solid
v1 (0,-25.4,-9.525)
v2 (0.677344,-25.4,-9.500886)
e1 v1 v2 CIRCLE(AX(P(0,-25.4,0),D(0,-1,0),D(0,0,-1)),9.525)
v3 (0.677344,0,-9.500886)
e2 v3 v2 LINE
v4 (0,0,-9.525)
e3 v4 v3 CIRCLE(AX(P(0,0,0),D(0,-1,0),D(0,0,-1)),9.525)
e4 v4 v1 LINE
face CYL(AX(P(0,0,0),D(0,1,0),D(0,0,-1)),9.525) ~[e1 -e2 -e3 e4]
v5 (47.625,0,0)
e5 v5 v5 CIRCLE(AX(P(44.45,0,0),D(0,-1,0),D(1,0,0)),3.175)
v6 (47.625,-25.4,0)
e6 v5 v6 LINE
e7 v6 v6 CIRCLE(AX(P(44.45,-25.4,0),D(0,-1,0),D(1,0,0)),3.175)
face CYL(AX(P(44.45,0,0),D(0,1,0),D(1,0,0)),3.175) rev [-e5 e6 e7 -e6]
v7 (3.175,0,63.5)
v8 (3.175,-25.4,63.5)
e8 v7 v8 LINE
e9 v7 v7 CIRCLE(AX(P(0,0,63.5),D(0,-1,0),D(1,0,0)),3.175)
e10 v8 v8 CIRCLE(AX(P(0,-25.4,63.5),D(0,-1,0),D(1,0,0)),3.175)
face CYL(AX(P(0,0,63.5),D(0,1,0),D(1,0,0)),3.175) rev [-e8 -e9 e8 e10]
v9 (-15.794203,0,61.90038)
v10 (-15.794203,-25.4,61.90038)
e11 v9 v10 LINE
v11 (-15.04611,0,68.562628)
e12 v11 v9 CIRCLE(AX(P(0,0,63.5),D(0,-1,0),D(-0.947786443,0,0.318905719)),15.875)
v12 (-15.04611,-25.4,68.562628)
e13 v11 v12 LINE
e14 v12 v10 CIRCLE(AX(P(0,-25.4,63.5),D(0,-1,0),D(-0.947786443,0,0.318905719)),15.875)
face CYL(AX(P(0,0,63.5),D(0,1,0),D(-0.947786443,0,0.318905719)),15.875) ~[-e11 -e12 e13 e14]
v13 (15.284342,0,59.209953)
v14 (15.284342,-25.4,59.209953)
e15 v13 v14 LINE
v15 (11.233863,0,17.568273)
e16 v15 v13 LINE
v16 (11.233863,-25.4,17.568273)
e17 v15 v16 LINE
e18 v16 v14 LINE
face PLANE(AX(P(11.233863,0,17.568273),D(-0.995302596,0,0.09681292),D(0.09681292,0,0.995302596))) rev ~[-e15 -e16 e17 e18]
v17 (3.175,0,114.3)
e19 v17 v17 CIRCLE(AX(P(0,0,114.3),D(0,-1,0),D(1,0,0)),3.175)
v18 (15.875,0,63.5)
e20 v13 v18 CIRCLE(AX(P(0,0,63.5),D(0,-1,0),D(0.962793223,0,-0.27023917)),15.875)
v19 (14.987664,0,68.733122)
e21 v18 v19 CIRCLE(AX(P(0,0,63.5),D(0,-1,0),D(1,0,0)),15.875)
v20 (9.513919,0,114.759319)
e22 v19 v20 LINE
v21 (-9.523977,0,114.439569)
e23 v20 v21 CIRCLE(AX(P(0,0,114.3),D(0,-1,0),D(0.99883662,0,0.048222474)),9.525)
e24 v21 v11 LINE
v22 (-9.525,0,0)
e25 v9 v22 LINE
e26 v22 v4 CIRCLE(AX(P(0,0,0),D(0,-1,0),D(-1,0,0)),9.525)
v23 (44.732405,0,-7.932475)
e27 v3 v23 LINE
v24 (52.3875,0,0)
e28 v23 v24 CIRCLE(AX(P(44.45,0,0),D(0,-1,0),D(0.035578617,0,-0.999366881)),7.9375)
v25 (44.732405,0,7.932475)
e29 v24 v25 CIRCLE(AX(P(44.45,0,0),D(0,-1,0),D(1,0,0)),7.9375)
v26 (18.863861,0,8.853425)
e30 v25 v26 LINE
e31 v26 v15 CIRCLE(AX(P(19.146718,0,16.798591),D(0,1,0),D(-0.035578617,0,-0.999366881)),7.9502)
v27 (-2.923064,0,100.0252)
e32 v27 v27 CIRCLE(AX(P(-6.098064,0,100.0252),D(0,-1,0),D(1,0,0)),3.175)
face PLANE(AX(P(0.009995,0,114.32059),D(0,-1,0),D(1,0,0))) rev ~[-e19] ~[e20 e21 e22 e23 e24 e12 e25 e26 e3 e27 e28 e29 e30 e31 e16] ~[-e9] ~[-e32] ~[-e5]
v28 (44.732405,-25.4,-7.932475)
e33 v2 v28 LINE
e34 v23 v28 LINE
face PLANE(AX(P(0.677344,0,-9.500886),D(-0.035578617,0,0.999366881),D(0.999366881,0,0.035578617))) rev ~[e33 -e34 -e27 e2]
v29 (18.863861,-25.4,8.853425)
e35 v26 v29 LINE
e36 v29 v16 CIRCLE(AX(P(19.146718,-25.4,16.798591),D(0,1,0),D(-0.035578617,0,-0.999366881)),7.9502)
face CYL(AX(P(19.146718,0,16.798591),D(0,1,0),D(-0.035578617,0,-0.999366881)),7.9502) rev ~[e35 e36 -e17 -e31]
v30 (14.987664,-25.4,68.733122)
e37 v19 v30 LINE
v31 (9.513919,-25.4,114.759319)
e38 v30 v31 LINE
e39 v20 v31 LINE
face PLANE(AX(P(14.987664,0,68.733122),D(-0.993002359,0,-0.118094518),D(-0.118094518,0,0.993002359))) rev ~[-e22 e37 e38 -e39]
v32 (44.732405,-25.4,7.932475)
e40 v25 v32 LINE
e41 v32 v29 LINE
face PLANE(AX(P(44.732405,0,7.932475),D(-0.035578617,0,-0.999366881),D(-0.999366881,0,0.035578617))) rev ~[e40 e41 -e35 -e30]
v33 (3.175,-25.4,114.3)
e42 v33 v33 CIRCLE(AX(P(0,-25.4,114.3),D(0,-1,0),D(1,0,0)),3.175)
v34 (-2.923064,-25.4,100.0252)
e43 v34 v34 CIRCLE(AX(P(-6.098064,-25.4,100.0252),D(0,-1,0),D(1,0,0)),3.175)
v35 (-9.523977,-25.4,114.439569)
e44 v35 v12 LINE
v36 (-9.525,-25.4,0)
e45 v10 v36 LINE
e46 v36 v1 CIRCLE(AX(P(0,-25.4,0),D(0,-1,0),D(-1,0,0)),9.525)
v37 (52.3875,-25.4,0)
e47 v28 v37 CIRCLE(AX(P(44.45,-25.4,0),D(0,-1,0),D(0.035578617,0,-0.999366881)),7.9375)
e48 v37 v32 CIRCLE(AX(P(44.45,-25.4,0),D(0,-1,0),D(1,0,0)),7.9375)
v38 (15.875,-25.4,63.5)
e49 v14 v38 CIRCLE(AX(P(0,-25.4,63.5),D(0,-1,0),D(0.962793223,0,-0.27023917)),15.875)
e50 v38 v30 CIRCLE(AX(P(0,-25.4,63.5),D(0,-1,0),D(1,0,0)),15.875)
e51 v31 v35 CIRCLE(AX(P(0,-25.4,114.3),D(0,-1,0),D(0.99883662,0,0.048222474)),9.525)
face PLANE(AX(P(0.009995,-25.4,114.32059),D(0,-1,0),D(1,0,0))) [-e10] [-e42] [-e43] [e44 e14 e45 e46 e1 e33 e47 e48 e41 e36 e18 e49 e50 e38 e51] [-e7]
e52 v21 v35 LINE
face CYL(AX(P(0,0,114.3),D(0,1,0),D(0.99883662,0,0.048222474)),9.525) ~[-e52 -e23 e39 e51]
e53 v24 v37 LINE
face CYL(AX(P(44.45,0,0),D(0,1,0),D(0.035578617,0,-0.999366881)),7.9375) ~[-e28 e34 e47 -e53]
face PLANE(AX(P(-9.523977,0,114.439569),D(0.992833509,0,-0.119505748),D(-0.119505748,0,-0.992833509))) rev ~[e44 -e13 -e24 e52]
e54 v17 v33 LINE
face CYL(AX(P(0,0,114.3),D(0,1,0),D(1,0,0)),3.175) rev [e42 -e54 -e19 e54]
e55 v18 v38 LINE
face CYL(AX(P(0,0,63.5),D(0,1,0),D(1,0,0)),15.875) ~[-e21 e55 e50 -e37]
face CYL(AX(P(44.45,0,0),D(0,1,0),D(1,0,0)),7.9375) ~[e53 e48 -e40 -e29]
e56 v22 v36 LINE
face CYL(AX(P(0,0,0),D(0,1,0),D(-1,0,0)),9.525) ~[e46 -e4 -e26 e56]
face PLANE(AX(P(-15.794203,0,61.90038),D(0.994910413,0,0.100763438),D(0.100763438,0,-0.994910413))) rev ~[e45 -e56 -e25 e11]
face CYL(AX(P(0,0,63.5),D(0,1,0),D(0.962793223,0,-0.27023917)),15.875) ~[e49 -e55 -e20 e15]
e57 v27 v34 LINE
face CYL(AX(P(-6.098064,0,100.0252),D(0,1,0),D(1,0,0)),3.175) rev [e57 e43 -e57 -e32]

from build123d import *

# Parameters (mm, degrees)
F0_R     = 3.175
F1_DEPTH = 25.4


with BuildPart() as f1:
    # F0 (on Front) → F1 (new body)
    with BuildSketch(Plane.XZ):
        with BuildLine():
            ThreePointArc((-9.5239774035, 114.4395686855), (-0.0697862158, 104.7752556526), (9.525, 114.3))
            ThreePointArc((9.525, 114.3), (9.5222292979, 114.5297263555), (9.5139188035, 114.759319062))
            ThreePointArc((9.5139188035, 114.759319062), (-0.1599542737, 123.8236568413), (-9.5239774035, 114.4395686855))
        make_face()
        with Locations((0, 114.3)):
            Circle(F0_R, mode=Mode.SUBTRACT)
        with BuildLine():
            ThreePointArc((52.3875, 0), (50.1616327839, 5.5119104847), (44.7324052746, 7.9324746146))
            ThreePointArc((44.7324052746, 7.9324746146), (36.5125, 0), (44.7324052746, -7.9324746146))
            ThreePointArc((44.7324052746, -7.9324746146), (50.1616327839, -5.5119104847), (52.3875, 0))
        make_face()
        with Locations((44.45, 0)):
            Circle(F0_R, mode=Mode.SUBTRACT)
        with BuildLine():
            ThreePointArc((15.875, 63.5), (15.651593952, 66.1539087707), (14.9876637149, 68.7331215703))
            ThreePointArc((14.9876637149, 68.7331215703), (-0.0901164538, 79.3747442192), (-15.0461097884, 68.5626282933))
            ThreePointArc((-15.0461097884, 68.5626282933), (-15.7758551867, 65.2714452088), (-15.7942028036, 61.9003804205))
            ThreePointArc((-15.7942028036, 61.9003804205), (-1.3691563451, 47.6841523812), (15.2843424201, 59.2099531722))
            ThreePointArc((15.2843424201, 59.2099531722), (15.7266423772, 61.3347414611), (15.875, 63.5))
        make_face()
        with Locations((0, 63.5)):
            Circle(F0_R, mode=Mode.SUBTRACT)
        with BuildLine():
            ThreePointArc((15.2843424201, 59.2099531722), (-1.3691563451, 47.6841523812), (-15.7942028036, 61.9003804205))
            Line((-15.7942028036, 61.9003804205), (-9.525, 0))
            ThreePointArc((-9.525, 0), (-6.7351920908, 6.7351920908), (0, 9.525))
            ThreePointArc((0, 9.525), (0.3388863295, 9.5189695375), (0.6773435479, 9.500885786))
            ThreePointArc((0.6773435479, 9.500885786), (6.9705567315, 6.4912990883), (9.525, 0))
            ThreePointArc((9.525, 0), (6.9705567315, -6.4912990883), (0.6773435479, -9.500885786))
            Line((0.6773435479, -9.500885786), (44.7324052746, -7.9324746146))
            ThreePointArc((44.7324052746, -7.9324746146), (36.5125, 0), (44.7324052746, 7.9324746146))
            Line((44.7324052746, 7.9324746146), (18.8638606461, 8.8534247346))
            ThreePointArc((18.8638606461, 8.8534247346), (13.1651151548, 11.5615969219), (11.2338630667, 17.5682733858))
            Line((11.2338630667, 17.5682733858), (15.2843424201, 59.2099531722))
        make_face()
        with BuildLine():
            ThreePointArc((0, 9.525), (-6.7351920908, 6.7351920908), (-9.525, 0))
            ThreePointArc((-9.525, 0), (-6.7351920908, -6.7351920908), (0, -9.525))
            Line((0, -9.525), (0.6773435479, -9.500885786))
            ThreePointArc((0.6773435479, -9.500885786), (6.9705567315, -6.4912990883), (9.525, 0))
            ThreePointArc((9.525, 0), (6.9705567315, 6.4912990883), (0.6773435479, 9.500885786))
            Line((0.6773435479, 9.500885786), (0, 9.525))
        make_face()
        with BuildLine():
            Line((0.6773435479, -9.500885786), (0, -9.525))
            ThreePointArc((0, -9.525), (0.3388863295, -9.5189695375), (0.6773435479, -9.500885786))
        make_face()
        with BuildLine():
            ThreePointArc((0.6773435479, 9.500885786), (0.3388863295, 9.5189695375), (0, 9.525))
            Line((0, 9.525), (0.6773435479, 9.500885786))
        make_face()
        with BuildLine():
            ThreePointArc((9.5139188035, 114.759319062), (9.5222292979, 114.5297263555), (9.525, 114.3))
            ThreePointArc((9.525, 114.3), (-0.0697862158, 104.7752556526), (-9.5239774035, 114.4395686855))
            Line((-9.5239774035, 114.4395686855), (-15.0461097884, 68.5626282933))
            ThreePointArc((-15.0461097884, 68.5626282933), (-0.0901164538, 79.3747442192), (14.9876637149, 68.7331215703))
            Line((14.9876637149, 68.7331215703), (9.5139188035, 114.759319062))
        make_face()
        with Locations((-6.0980641283, 100.0252)):
            Circle(F0_R, mode=Mode.SUBTRACT)
    extrude(amount=F1_DEPTH)


solid = f1.part
